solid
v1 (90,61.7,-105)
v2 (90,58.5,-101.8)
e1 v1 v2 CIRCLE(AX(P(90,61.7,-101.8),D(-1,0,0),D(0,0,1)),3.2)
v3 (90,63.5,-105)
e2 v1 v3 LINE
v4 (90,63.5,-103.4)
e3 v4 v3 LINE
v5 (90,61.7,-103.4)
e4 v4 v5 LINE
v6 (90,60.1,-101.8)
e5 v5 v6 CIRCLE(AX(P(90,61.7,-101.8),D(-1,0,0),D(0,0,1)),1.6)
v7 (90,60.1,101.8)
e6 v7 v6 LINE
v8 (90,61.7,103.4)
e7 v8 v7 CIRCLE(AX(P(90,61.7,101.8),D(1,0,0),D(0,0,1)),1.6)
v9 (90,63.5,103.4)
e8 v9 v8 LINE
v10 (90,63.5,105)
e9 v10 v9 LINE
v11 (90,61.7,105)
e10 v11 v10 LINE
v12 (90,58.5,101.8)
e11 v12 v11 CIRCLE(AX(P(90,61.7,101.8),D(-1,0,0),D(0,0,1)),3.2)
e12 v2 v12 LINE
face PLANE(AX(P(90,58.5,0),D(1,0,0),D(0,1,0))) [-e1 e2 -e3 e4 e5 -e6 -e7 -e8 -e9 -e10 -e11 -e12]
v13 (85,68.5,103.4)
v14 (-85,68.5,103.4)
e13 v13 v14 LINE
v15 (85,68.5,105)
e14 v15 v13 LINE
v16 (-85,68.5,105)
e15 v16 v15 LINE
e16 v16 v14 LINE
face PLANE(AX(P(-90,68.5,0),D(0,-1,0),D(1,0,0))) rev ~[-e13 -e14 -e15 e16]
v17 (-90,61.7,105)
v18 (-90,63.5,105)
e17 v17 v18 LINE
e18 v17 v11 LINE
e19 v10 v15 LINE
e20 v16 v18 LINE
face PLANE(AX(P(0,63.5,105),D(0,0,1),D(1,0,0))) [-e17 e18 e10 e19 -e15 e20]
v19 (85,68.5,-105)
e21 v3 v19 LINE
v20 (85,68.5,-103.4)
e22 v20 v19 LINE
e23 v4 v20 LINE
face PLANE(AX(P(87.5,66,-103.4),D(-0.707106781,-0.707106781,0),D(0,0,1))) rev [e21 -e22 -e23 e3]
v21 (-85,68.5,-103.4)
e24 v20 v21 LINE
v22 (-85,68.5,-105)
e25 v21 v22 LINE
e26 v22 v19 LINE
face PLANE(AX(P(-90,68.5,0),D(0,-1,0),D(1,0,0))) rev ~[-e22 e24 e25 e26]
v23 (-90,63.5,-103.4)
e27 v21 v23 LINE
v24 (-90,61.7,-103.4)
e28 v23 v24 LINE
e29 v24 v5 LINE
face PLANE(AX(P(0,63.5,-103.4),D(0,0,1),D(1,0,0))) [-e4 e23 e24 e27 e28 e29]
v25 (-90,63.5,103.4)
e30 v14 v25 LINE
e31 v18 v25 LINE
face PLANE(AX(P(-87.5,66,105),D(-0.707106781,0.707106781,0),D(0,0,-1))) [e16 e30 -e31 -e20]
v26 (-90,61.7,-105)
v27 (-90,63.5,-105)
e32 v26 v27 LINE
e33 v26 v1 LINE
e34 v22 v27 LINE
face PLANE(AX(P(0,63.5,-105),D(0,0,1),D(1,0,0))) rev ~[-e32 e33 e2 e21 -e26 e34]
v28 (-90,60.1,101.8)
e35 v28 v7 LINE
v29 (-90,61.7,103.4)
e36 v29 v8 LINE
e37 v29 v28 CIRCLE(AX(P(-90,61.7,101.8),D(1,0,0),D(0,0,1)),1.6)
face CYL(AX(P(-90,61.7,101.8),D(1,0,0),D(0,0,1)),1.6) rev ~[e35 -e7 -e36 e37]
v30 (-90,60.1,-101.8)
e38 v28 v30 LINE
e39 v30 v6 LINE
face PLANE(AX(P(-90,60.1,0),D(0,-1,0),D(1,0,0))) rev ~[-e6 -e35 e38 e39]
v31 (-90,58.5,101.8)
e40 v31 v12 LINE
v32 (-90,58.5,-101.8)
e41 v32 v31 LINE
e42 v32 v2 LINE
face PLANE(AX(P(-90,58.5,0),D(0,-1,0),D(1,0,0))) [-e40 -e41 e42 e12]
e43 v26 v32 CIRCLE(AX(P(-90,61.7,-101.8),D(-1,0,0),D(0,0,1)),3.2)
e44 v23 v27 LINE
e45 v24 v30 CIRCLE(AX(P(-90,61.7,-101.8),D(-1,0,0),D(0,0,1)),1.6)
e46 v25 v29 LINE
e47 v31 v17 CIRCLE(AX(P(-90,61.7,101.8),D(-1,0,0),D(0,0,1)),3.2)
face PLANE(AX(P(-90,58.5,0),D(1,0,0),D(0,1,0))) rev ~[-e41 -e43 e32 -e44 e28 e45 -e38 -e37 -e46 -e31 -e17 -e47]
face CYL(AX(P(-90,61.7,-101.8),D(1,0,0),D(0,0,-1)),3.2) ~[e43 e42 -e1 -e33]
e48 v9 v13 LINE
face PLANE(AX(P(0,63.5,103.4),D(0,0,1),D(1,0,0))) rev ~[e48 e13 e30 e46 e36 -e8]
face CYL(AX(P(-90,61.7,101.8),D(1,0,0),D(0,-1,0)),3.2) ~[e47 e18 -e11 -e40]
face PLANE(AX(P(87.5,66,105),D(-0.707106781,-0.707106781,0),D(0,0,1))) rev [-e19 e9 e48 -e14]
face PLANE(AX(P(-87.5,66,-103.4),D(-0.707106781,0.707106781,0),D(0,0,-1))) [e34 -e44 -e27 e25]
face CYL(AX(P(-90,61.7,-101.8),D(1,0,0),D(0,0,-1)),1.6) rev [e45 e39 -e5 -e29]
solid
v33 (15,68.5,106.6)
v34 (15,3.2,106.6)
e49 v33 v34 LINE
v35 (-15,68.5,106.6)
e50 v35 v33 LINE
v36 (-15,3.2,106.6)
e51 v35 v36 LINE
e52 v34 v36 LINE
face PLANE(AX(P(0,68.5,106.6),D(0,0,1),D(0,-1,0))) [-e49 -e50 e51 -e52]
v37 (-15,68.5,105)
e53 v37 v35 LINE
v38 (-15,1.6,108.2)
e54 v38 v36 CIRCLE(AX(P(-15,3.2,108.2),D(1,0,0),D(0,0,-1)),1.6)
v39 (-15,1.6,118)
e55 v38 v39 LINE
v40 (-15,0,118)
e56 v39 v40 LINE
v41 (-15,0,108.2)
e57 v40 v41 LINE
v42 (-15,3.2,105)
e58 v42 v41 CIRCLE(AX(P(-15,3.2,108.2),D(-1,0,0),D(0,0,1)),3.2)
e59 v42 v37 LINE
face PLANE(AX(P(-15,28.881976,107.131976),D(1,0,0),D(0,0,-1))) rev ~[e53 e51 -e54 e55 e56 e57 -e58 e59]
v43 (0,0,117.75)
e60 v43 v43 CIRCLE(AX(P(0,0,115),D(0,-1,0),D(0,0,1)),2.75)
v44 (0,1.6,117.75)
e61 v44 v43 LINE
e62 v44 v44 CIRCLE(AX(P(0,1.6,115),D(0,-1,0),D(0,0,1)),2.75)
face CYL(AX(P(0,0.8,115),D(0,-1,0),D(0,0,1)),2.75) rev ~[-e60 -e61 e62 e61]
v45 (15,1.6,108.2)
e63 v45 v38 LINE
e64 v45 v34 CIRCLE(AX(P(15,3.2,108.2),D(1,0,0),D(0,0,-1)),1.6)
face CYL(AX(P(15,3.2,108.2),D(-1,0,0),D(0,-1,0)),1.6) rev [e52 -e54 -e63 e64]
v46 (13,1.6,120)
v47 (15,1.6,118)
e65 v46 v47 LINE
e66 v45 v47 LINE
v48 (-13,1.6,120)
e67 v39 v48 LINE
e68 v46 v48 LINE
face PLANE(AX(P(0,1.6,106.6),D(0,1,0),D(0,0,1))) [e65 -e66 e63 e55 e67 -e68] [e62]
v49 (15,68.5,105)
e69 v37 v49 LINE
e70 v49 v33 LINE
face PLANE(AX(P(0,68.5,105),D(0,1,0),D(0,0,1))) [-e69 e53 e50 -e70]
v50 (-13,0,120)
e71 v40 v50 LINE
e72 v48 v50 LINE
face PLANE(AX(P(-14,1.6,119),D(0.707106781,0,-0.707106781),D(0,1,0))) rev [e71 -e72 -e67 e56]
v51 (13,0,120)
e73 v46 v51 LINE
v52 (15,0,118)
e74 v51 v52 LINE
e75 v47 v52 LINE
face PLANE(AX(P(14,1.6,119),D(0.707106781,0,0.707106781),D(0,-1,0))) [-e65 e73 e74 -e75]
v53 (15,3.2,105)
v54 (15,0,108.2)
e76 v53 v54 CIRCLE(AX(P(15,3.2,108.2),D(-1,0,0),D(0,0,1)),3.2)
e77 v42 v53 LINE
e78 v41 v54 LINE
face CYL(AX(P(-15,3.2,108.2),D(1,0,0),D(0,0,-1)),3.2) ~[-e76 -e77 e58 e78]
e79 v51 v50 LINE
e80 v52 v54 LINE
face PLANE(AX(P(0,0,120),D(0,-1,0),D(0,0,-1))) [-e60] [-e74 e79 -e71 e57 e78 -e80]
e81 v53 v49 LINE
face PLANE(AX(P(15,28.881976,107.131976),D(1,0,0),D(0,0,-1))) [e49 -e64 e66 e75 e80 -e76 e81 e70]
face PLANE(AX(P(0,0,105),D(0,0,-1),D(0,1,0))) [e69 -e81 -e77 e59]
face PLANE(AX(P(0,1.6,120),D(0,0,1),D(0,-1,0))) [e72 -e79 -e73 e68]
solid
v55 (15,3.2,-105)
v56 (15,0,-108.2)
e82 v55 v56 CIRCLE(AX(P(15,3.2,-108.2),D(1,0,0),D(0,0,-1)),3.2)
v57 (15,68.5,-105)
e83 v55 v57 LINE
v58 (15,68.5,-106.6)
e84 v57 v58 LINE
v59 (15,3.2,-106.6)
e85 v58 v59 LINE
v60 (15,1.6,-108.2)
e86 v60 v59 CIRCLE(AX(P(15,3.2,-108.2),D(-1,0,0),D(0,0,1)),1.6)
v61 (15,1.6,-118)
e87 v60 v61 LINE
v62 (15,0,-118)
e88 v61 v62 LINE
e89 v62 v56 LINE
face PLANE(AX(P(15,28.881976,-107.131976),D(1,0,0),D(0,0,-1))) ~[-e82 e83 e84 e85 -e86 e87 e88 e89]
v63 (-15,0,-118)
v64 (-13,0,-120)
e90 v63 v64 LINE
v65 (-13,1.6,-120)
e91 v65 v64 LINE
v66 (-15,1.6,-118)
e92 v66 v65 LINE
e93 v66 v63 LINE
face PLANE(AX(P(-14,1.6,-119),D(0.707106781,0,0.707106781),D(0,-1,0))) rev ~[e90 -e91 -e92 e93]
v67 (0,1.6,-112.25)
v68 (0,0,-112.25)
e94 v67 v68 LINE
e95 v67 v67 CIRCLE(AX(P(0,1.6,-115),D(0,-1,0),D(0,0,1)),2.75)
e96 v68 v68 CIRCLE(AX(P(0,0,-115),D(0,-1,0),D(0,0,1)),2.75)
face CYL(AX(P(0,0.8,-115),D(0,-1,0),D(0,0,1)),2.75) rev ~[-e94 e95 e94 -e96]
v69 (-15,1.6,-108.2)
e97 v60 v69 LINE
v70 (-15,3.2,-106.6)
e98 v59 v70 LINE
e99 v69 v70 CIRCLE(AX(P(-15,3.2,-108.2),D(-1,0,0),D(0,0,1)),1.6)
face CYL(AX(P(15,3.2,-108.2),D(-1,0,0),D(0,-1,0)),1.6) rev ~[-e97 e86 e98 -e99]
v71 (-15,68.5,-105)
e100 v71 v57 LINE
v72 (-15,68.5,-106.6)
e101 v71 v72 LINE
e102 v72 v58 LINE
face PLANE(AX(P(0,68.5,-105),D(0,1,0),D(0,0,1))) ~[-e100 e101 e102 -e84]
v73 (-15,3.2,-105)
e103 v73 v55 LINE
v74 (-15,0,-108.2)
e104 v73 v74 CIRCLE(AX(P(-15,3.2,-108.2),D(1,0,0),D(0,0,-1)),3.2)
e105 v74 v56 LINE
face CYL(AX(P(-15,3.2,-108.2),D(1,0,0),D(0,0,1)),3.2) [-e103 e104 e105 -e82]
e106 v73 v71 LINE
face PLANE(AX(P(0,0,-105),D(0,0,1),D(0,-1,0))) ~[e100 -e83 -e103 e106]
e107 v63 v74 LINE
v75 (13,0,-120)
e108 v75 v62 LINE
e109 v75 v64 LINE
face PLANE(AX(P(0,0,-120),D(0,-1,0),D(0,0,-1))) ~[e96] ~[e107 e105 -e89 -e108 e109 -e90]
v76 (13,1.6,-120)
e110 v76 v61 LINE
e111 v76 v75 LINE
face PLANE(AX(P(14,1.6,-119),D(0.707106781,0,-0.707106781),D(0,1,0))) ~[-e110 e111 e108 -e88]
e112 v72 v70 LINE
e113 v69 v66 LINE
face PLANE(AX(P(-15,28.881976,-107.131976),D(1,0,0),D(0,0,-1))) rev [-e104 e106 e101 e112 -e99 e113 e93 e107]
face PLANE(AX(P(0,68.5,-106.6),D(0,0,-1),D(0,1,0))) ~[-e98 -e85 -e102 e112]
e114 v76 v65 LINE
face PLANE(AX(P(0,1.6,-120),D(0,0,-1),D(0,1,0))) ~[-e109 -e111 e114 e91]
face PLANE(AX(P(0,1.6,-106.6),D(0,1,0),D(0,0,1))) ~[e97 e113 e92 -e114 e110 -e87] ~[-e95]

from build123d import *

# Parameters (mm, degrees)
BOSS_EXTRUDE1_DEPTH           = 15
FILLET1_R                     = 1.6
FILLET2_R                     = 3.2
CHAMFER1_SIZE                 = 2
SKETCH2_W                     = 180
SKETCH2_H                     = 10
CUT_EXTRUDE1_DEPTH            = 105
SHELL1_T                      = -1.6
FILLET3_R                     = 1.6
FILLET4_R                     = 3.2
CHAMFER2_SIZE                 = 5
SKETCH4_W                     = 2.75
SKETCH4_H                     = 1.6
M5_CLEARANCE_HOLE1_AT_2_COUNT = 2
M5_CLEARANCE_HOLE1_AT_2_PITCH = 230


with BuildPart() as part:
    # Sketch1 → Boss-Extrude1 (new, symmetric)
    with BuildSketch(Plane(origin=(0, 0, 0), x_dir=(0, 0, -1), z_dir=(1, 0, 0))):
        Polygon((-120, 0), (-105, 0), (-105, 68.5), (-106.6, 68.5), (-106.6, 1.6), (-120, 1.6), align=None)
    extrude(amount=BOSS_EXTRUDE1_DEPTH, both=True)

    # Fillet1
    fillet1_edges = [part.edges().sort_by_distance(p)[0] for p in [
        (0, 1.6, 106.6),
    ]]
    fillet(fillet1_edges, radius=FILLET1_R)

    # Fillet2
    fillet2_edges = [part.edges().sort_by_distance(p)[0] for p in [
        (0, 0, 105),
    ]]
    fillet(fillet2_edges, radius=FILLET2_R)

    # Chamfer1
    chamfer1_edges = [part.edges().sort_by_distance(p)[0] for p in [
        (15, 0.8, 120),
        (-15, 0.8, 120),
    ]]
    chamfer(chamfer1_edges, length=CHAMFER1_SIZE)


with BuildPart() as body_2:
    # Sketch2 → Cut-Extrude1 (new, symmetric)
    with BuildSketch(Plane.XY):
        with Locations((0, 63.5)):
            Rectangle(SKETCH2_W, SKETCH2_H)
    extrude(amount=CUT_EXTRUDE1_DEPTH, both=True)

    # Shell1
    shell1_openings = [body_2.faces().sort_by_distance(p)[0] for p in [
        (0, 68.5, 0),
        (90, 63.5, 0),
        (-90, 63.5, 0),
    ]]
    offset(amount=SHELL1_T, openings=shell1_openings, kind=Kind.INTERSECTION)

    # Fillet3
    fillet3_edges = [body_2.edges().sort_by_distance(p)[0] for p in [
        (0, 60.1, -103.4),
        (0, 60.1, 103.4),
    ]]
    fillet(fillet3_edges, radius=FILLET3_R)

    # Fillet4
    fillet4_edges = [body_2.edges().sort_by_distance(p)[0] for p in [
        (0, 58.5, -105),
        (0, 58.5, 105),
    ]]
    fillet(fillet4_edges, radius=FILLET4_R)

    # Chamfer2
    chamfer2_edges = [body_2.edges().sort_by_distance(p)[0] for p in [
        (-90, 68.5, -104.2),
        (90, 68.5, -104.2),
        (-90, 68.5, 104.2),
        (90, 68.5, 104.2),
    ]]
    chamfer(chamfer2_edges, length=CHAMFER2_SIZE)


with BuildPart() as body_3:
    # MirrorSolid1: mirrored copy
    add(part.part.mirror(Plane.XY))


with BuildPart() as part_1:
    add(part.part)

    # Sketch4 → M5 Clearance Hole1 (revolve, cut)
    with BuildSketch(Plane(origin=(0, 1.6, 115), x_dir=(0, 0, 1), z_dir=(1, 0, 0))):
        with Locations((1.375, 0.8)):
            Rectangle(SKETCH4_W, SKETCH4_H)
    m5_clearance_hole1 = revolve(axis=Axis((0, 7.95, 115), (0, -1, 0)), mode=Mode.SUBTRACT)


with BuildPart() as body_3_1:
    add(body_3.part)

    # M5 Clearance Hole1 at 2: M5 Clearance Hole1 ×2
    with Locations(*[(0, 0, -i * M5_CLEARANCE_HOLE1_AT_2_PITCH) for i in range(1, M5_CLEARANCE_HOLE1_AT_2_COUNT)]):
        add(m5_clearance_hole1, mode=Mode.SUBTRACT)


solid = Compound([body_2.part, part_1.part, body_3_1.part])
